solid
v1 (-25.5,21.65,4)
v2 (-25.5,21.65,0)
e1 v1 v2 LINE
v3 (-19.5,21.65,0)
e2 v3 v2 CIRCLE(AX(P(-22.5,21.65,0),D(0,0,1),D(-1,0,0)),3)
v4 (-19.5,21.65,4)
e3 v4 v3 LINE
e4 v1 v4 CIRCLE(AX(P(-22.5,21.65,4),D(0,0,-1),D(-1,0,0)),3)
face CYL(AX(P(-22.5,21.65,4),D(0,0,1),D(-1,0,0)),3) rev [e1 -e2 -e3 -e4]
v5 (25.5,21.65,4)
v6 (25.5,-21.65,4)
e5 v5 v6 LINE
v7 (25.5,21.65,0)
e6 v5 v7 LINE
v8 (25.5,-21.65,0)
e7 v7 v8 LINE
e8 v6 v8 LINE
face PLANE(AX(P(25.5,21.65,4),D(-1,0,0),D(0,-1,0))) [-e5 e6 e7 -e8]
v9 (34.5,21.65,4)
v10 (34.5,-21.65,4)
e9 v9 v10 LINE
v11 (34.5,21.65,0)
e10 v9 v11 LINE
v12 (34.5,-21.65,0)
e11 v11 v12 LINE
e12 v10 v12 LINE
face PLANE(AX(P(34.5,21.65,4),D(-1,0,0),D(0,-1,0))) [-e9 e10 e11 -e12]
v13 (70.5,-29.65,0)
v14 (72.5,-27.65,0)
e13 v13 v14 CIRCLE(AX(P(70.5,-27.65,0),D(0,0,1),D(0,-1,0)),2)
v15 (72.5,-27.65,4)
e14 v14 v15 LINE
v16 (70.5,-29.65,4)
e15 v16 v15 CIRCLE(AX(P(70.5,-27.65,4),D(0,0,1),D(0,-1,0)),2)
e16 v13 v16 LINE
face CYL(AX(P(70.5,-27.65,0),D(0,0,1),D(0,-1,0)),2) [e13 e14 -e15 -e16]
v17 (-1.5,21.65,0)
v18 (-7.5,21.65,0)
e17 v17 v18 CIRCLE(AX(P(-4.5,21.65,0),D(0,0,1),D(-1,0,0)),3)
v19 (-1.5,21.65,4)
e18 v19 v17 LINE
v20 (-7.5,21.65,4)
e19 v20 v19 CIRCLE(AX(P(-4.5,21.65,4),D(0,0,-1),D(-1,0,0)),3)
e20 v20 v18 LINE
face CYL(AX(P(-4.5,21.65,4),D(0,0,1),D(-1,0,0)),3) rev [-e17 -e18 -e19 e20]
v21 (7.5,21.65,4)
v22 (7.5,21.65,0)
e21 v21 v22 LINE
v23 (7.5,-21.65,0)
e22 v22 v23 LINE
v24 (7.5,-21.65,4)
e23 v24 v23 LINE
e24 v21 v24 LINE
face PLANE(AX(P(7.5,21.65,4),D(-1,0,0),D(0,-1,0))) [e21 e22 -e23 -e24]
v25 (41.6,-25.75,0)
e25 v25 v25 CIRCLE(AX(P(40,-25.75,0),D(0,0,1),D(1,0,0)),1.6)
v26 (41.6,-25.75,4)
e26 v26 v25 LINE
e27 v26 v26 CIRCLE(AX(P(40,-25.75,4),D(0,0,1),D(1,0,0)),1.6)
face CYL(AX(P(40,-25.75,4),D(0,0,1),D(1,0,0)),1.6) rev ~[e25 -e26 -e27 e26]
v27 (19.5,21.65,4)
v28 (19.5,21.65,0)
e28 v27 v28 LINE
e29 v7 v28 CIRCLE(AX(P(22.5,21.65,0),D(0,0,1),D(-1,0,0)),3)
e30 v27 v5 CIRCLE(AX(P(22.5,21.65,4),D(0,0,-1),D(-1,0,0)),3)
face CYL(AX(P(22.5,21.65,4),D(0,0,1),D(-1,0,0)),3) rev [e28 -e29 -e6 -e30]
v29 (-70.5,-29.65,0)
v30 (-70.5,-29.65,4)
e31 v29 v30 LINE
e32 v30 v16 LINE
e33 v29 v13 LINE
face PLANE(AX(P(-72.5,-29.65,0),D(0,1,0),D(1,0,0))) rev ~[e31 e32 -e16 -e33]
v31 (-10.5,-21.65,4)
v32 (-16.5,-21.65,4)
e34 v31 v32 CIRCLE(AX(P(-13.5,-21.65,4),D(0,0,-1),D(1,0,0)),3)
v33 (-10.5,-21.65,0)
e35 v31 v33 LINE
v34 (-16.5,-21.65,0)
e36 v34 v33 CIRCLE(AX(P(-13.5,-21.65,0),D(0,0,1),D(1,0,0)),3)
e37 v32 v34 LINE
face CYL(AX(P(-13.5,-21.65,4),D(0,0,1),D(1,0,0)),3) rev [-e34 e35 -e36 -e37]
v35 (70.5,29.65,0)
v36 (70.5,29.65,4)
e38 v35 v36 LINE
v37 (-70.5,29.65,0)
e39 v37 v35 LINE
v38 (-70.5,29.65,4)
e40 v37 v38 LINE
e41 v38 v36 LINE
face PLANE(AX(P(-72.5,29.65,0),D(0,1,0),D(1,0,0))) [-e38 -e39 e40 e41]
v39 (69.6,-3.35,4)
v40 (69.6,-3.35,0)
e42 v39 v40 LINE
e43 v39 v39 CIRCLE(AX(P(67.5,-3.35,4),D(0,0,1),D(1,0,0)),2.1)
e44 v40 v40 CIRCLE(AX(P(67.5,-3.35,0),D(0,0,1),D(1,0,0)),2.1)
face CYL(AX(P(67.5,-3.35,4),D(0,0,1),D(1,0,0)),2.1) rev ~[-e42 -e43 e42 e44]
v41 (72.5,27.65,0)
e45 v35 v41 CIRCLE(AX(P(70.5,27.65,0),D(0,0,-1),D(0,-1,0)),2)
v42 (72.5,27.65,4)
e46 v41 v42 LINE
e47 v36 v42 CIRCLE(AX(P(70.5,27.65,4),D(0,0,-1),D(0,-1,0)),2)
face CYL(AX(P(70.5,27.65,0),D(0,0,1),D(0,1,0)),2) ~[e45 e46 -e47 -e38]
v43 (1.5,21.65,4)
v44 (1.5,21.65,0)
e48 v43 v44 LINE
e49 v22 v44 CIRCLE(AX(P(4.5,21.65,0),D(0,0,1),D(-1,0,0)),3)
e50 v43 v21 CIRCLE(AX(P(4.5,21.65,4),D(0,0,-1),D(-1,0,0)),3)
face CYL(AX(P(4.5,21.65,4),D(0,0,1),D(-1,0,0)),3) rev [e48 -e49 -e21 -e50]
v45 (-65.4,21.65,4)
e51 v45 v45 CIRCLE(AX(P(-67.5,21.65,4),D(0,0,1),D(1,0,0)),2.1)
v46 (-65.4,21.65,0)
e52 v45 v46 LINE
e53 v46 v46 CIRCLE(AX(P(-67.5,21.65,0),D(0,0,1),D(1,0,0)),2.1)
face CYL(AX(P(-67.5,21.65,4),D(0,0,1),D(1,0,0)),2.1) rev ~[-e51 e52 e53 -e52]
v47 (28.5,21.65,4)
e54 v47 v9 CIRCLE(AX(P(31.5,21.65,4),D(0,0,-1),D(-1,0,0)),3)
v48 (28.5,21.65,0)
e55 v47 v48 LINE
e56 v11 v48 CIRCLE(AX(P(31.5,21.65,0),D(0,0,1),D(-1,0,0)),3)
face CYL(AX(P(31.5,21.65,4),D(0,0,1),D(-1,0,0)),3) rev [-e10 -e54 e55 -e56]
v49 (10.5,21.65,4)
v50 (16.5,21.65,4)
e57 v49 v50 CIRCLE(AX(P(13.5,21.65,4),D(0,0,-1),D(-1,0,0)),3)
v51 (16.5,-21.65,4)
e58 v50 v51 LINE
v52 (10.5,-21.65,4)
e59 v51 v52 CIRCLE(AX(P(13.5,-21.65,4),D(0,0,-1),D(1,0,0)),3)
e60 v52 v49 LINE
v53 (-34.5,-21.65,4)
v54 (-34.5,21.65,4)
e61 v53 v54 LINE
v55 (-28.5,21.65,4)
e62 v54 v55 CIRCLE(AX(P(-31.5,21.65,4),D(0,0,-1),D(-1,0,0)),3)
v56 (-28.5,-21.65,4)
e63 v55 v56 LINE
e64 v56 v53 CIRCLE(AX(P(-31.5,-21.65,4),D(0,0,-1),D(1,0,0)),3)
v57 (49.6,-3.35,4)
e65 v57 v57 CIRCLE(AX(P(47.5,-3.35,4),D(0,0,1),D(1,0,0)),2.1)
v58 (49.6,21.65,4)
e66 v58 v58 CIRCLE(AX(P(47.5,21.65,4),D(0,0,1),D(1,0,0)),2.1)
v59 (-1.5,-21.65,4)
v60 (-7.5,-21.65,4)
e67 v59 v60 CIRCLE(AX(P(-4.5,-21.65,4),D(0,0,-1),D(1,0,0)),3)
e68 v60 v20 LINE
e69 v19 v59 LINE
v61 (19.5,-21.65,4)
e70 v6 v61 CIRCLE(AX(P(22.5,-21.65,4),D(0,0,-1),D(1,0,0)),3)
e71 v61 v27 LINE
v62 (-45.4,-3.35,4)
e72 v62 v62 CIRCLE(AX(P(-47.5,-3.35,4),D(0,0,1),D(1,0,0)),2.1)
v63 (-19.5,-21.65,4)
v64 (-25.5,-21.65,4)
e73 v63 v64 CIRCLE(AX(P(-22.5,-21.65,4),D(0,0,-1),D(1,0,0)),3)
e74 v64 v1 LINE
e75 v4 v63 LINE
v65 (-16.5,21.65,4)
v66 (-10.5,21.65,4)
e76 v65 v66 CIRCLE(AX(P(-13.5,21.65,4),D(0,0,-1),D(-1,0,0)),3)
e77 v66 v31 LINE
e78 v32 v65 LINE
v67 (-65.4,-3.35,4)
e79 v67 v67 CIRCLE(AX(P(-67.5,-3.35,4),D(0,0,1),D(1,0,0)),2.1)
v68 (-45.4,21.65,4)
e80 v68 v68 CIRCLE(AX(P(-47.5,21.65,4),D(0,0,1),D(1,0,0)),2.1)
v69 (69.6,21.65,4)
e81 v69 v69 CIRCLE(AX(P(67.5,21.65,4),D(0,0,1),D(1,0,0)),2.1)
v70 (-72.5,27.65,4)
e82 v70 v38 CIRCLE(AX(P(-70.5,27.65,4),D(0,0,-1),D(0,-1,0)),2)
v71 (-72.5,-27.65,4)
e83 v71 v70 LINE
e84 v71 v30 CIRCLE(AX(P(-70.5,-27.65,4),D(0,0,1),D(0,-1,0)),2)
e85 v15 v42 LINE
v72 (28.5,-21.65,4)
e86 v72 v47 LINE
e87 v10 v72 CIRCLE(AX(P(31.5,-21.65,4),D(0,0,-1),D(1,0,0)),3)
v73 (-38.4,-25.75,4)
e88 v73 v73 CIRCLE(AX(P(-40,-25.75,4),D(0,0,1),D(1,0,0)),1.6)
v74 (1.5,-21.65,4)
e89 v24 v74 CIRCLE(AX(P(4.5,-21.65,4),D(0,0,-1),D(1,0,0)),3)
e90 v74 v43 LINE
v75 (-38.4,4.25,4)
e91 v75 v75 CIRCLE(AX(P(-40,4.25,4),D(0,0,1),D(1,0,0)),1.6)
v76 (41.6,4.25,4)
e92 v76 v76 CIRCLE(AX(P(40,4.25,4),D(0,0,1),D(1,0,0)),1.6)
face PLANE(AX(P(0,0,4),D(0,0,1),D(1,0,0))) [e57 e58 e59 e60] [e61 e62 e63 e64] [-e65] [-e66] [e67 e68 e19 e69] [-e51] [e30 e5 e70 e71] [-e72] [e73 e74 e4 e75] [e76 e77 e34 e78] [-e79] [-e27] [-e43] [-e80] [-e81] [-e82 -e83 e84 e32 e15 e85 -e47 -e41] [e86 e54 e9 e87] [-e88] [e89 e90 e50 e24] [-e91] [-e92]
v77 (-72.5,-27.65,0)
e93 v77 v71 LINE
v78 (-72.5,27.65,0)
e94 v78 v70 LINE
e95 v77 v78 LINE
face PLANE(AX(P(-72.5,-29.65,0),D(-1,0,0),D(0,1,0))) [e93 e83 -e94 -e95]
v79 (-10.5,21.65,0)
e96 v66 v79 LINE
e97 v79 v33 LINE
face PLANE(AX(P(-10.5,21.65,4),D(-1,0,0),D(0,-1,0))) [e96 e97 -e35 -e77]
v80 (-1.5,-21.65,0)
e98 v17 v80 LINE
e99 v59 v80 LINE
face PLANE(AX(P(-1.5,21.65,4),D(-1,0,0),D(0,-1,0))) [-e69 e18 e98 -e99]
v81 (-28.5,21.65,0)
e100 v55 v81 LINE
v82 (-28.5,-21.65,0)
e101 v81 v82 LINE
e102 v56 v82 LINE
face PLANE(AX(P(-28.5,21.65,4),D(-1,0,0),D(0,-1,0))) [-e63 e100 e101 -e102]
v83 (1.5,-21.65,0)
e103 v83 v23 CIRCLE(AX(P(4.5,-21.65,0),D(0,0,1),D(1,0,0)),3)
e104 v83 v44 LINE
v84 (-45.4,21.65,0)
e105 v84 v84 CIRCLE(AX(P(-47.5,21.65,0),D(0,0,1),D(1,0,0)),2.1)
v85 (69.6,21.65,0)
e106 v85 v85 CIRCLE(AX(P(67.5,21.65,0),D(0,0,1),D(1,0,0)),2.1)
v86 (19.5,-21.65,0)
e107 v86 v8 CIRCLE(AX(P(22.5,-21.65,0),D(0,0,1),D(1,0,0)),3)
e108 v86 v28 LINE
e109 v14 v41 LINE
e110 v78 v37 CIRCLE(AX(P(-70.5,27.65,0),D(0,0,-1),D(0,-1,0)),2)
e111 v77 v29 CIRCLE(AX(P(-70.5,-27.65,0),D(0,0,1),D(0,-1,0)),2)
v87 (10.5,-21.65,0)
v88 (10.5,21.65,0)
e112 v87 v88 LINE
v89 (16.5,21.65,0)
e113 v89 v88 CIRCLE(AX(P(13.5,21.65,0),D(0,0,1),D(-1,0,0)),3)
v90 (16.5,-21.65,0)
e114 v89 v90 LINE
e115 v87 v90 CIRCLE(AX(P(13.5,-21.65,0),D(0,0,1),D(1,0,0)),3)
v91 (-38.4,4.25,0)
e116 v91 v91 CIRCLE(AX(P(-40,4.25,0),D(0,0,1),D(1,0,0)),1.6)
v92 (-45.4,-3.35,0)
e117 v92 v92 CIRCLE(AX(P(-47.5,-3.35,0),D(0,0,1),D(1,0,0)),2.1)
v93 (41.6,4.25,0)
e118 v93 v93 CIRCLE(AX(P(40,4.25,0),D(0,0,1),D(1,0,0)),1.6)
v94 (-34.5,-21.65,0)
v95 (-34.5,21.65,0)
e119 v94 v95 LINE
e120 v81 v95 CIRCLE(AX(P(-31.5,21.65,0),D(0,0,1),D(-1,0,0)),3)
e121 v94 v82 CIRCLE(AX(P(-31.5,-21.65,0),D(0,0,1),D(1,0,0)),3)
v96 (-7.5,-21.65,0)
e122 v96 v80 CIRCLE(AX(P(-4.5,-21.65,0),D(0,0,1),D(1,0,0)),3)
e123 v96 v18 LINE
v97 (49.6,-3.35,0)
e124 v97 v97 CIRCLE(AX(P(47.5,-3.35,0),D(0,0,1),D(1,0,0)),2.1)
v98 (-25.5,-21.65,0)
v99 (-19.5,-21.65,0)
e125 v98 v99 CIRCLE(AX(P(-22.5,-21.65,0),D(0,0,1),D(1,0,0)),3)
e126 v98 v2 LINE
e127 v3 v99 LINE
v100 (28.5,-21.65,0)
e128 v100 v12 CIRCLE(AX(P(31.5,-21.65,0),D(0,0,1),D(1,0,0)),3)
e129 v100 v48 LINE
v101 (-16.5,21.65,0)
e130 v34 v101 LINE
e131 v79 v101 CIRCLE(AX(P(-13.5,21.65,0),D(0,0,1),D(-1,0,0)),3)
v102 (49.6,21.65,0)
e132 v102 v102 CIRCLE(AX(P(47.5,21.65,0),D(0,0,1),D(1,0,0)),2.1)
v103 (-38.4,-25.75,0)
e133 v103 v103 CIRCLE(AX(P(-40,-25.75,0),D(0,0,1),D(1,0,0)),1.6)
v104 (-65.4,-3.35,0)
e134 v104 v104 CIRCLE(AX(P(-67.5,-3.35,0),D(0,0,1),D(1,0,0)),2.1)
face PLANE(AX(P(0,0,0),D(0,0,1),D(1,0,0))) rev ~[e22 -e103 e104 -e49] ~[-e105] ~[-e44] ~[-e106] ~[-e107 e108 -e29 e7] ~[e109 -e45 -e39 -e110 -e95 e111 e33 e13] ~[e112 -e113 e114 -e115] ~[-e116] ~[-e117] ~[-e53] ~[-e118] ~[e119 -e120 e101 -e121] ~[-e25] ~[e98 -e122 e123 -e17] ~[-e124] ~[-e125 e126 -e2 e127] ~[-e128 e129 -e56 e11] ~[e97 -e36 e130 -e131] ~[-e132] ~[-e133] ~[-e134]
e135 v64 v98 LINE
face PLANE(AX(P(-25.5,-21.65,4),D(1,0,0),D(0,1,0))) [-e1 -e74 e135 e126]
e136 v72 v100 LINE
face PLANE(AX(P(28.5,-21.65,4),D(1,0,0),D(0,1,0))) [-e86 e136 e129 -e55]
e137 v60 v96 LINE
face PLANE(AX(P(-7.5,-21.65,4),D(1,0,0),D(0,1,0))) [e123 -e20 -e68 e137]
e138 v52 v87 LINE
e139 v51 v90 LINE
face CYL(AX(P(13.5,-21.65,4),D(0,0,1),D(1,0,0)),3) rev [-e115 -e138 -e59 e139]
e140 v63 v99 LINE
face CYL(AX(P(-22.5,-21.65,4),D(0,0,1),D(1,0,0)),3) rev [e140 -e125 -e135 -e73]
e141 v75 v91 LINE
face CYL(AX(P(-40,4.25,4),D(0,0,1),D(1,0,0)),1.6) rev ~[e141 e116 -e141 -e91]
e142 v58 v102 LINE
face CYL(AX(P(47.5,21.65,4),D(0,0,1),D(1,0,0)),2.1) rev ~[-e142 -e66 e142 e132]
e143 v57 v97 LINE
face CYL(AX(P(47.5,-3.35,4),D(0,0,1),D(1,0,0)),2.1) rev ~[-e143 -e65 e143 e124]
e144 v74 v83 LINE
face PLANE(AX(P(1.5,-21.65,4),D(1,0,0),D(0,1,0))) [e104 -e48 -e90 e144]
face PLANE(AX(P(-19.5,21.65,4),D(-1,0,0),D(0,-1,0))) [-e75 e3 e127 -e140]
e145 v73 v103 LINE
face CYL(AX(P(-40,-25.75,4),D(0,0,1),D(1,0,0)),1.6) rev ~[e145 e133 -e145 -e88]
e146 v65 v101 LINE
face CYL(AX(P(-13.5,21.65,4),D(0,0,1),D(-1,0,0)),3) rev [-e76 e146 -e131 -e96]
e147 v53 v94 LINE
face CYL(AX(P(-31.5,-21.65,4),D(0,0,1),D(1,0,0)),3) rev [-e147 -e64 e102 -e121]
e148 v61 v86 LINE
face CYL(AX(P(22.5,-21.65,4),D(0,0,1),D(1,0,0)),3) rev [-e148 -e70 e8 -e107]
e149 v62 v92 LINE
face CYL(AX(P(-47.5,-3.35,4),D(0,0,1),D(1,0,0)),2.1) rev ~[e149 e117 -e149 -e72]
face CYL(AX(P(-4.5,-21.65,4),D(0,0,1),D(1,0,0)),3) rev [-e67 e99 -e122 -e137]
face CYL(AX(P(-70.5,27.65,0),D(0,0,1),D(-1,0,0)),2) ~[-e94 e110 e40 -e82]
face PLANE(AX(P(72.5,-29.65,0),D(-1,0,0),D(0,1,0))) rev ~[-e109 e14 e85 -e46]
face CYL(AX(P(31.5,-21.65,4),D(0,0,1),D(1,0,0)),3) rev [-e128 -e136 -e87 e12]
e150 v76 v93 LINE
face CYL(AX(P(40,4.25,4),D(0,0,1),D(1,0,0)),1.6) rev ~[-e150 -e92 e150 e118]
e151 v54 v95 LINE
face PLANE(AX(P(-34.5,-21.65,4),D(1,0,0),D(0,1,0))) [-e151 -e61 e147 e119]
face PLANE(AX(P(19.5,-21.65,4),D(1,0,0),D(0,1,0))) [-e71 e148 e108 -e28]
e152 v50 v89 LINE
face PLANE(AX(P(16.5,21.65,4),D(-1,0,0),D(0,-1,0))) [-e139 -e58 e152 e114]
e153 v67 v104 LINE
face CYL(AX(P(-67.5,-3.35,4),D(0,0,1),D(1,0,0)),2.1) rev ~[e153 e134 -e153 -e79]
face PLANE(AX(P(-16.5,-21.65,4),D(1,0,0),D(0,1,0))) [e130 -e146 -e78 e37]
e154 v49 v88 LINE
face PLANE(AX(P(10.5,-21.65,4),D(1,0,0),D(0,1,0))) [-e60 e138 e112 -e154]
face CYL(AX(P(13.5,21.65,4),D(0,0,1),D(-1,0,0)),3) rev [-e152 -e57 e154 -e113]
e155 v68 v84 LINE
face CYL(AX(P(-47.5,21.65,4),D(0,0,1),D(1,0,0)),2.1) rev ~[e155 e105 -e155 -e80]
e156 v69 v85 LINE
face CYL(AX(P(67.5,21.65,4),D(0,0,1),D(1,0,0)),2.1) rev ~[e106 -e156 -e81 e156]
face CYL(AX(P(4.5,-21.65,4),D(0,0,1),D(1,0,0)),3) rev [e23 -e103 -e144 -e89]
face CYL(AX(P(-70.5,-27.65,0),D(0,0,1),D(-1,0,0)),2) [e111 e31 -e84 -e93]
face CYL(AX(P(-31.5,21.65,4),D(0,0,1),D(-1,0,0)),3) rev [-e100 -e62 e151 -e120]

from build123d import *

# Parameters (mm, degrees)
SKETCH_1_W          = 145
SKETCH_1_H          = 59.3
EXTRUDE_1_DEPTH     = 4
SKETCH_2_R          = 2.1
CUT_EXTRUDE_1_DEPTH = 4
SKETCH_3_R          = 1.6
CUT_EXTRUDE_2_DEPTH = 4
FILLET_1_R          = 2
CUT_EXTRUDE_3_DEPTH = 5


with BuildPart() as part:
    # 草图1 → 凸台-拉伸1 (new body)
    with BuildSketch(Plane.XY):
        Rectangle(SKETCH_1_W, SKETCH_1_H)
    extrude(amount=EXTRUDE_1_DEPTH)

    # 草图2 → 切除-拉伸1 (cut)
    with BuildSketch(Plane.XY.offset(4)):
        with Locations((-67.5, 21.65)):
            Circle(SKETCH_2_R)
        with Locations((67.5, 21.65)):
            Circle(SKETCH_2_R)
        with Locations((67.5, -3.35)):
            Circle(SKETCH_2_R)
        with Locations((-67.5, -3.35)):
            Circle(SKETCH_2_R)
        with Locations((-47.5, 21.65)):
            Circle(SKETCH_2_R)
        with Locations((47.5, 21.65)):
            Circle(SKETCH_2_R)
        with Locations((47.5, -3.35)):
            Circle(SKETCH_2_R)
        with Locations((-47.5, -3.35)):
            Circle(SKETCH_2_R)
    extrude(amount=-CUT_EXTRUDE_1_DEPTH, mode=Mode.SUBTRACT)

    # 草图3 → 切除-拉伸2 (cut)
    with BuildSketch(Plane.XY.offset(4)):
        with Locations((-40, 4.25)):
            Circle(SKETCH_3_R)
        with Locations((40, 4.25)):
            Circle(SKETCH_3_R)
        with Locations((40, -25.75)):
            Circle(SKETCH_3_R)
        with Locations((-40, -25.75)):
            Circle(SKETCH_3_R)
    extrude(amount=-CUT_EXTRUDE_2_DEPTH, mode=Mode.SUBTRACT)

    # 圆角1
    fillet_1_edges = [part.edges().sort_by_distance(p)[0] for p in [
        (72.5, -29.65, 2),
        (-72.5, -29.65, 2),
        (-72.5, 29.65, 2),
        (72.5, 29.65, 2),
    ]]
    fillet(fillet_1_edges, radius=FILLET_1_R)

    # 草图4 → 切除-拉伸3 (cut)
    with BuildSketch(Plane.XY.offset(4)):
        with BuildLine():
            Line((-28.5, 21.65), (-28.5, -21.65))
            ThreePointArc((-28.5, -21.65), (-31.5, -24.65), (-34.5, -21.65))
            Line((-34.5, -21.65), (-34.5, 21.65))
            ThreePointArc((-34.5, 21.65), (-31.5, 24.65), (-28.5, 21.65))
        make_face()
        with BuildLine():
            Line((-19.5, 21.65), (-19.5, -21.65))
            ThreePointArc((-19.5, -21.65), (-22.5, -24.65), (-25.5, -21.65))
            Line((-25.5, -21.65), (-25.5, 21.65))
            ThreePointArc((-25.5, 21.65), (-22.5, 24.65), (-19.5, 21.65))
        make_face()
        with BuildLine():
            Line((-10.5, 21.65), (-10.5, -21.65))
            ThreePointArc((-10.5, -21.65), (-13.5, -24.65), (-16.5, -21.65))
            Line((-16.5, -21.65), (-16.5, 21.65))
            ThreePointArc((-16.5, 21.65), (-13.5, 24.65), (-10.5, 21.65))
        make_face()
        with BuildLine():
            Line((-1.5, 21.65), (-1.5, -21.65))
            ThreePointArc((-1.5, -21.65), (-4.5, -24.65), (-7.5, -21.65))
            Line((-7.5, -21.65), (-7.5, 21.65))
            ThreePointArc((-7.5, 21.65), (-4.5, 24.65), (-1.5, 21.65))
        make_face()
        with BuildLine():
            Line((7.5, 21.65), (7.5, -21.65))
            ThreePointArc((7.5, -21.65), (4.5, -24.65), (1.5, -21.65))
            Line((1.5, -21.65), (1.5, 21.65))
            ThreePointArc((1.5, 21.65), (4.5, 24.65), (7.5, 21.65))
        make_face()
        with BuildLine():
            Line((16.5, 21.65), (16.5, -21.65))
            ThreePointArc((16.5, -21.65), (13.5, -24.65), (10.5, -21.65))
            Line((10.5, -21.65), (10.5, 21.65))
            ThreePointArc((10.5, 21.65), (13.5, 24.65), (16.5, 21.65))
        make_face()
        with BuildLine():
            Line((25.5, 21.65), (25.5, -21.65))
            ThreePointArc((25.5, -21.65), (22.5, -24.65), (19.5, -21.65))
            Line((19.5, -21.65), (19.5, 21.65))
            ThreePointArc((19.5, 21.65), (22.5, 24.65), (25.5, 21.65))
        make_face()
        with BuildLine():
            Line((34.5, 21.65), (34.5, -21.65))
            ThreePointArc((34.5, -21.65), (31.5, -24.65), (28.5, -21.65))
            Line((28.5, -21.65), (28.5, 21.65))
            ThreePointArc((28.5, 21.65), (31.5, 24.65), (34.5, 21.65))
        make_face()
    extrude(amount=-CUT_EXTRUDE_3_DEPTH, mode=Mode.SUBTRACT)


solid = part.part
